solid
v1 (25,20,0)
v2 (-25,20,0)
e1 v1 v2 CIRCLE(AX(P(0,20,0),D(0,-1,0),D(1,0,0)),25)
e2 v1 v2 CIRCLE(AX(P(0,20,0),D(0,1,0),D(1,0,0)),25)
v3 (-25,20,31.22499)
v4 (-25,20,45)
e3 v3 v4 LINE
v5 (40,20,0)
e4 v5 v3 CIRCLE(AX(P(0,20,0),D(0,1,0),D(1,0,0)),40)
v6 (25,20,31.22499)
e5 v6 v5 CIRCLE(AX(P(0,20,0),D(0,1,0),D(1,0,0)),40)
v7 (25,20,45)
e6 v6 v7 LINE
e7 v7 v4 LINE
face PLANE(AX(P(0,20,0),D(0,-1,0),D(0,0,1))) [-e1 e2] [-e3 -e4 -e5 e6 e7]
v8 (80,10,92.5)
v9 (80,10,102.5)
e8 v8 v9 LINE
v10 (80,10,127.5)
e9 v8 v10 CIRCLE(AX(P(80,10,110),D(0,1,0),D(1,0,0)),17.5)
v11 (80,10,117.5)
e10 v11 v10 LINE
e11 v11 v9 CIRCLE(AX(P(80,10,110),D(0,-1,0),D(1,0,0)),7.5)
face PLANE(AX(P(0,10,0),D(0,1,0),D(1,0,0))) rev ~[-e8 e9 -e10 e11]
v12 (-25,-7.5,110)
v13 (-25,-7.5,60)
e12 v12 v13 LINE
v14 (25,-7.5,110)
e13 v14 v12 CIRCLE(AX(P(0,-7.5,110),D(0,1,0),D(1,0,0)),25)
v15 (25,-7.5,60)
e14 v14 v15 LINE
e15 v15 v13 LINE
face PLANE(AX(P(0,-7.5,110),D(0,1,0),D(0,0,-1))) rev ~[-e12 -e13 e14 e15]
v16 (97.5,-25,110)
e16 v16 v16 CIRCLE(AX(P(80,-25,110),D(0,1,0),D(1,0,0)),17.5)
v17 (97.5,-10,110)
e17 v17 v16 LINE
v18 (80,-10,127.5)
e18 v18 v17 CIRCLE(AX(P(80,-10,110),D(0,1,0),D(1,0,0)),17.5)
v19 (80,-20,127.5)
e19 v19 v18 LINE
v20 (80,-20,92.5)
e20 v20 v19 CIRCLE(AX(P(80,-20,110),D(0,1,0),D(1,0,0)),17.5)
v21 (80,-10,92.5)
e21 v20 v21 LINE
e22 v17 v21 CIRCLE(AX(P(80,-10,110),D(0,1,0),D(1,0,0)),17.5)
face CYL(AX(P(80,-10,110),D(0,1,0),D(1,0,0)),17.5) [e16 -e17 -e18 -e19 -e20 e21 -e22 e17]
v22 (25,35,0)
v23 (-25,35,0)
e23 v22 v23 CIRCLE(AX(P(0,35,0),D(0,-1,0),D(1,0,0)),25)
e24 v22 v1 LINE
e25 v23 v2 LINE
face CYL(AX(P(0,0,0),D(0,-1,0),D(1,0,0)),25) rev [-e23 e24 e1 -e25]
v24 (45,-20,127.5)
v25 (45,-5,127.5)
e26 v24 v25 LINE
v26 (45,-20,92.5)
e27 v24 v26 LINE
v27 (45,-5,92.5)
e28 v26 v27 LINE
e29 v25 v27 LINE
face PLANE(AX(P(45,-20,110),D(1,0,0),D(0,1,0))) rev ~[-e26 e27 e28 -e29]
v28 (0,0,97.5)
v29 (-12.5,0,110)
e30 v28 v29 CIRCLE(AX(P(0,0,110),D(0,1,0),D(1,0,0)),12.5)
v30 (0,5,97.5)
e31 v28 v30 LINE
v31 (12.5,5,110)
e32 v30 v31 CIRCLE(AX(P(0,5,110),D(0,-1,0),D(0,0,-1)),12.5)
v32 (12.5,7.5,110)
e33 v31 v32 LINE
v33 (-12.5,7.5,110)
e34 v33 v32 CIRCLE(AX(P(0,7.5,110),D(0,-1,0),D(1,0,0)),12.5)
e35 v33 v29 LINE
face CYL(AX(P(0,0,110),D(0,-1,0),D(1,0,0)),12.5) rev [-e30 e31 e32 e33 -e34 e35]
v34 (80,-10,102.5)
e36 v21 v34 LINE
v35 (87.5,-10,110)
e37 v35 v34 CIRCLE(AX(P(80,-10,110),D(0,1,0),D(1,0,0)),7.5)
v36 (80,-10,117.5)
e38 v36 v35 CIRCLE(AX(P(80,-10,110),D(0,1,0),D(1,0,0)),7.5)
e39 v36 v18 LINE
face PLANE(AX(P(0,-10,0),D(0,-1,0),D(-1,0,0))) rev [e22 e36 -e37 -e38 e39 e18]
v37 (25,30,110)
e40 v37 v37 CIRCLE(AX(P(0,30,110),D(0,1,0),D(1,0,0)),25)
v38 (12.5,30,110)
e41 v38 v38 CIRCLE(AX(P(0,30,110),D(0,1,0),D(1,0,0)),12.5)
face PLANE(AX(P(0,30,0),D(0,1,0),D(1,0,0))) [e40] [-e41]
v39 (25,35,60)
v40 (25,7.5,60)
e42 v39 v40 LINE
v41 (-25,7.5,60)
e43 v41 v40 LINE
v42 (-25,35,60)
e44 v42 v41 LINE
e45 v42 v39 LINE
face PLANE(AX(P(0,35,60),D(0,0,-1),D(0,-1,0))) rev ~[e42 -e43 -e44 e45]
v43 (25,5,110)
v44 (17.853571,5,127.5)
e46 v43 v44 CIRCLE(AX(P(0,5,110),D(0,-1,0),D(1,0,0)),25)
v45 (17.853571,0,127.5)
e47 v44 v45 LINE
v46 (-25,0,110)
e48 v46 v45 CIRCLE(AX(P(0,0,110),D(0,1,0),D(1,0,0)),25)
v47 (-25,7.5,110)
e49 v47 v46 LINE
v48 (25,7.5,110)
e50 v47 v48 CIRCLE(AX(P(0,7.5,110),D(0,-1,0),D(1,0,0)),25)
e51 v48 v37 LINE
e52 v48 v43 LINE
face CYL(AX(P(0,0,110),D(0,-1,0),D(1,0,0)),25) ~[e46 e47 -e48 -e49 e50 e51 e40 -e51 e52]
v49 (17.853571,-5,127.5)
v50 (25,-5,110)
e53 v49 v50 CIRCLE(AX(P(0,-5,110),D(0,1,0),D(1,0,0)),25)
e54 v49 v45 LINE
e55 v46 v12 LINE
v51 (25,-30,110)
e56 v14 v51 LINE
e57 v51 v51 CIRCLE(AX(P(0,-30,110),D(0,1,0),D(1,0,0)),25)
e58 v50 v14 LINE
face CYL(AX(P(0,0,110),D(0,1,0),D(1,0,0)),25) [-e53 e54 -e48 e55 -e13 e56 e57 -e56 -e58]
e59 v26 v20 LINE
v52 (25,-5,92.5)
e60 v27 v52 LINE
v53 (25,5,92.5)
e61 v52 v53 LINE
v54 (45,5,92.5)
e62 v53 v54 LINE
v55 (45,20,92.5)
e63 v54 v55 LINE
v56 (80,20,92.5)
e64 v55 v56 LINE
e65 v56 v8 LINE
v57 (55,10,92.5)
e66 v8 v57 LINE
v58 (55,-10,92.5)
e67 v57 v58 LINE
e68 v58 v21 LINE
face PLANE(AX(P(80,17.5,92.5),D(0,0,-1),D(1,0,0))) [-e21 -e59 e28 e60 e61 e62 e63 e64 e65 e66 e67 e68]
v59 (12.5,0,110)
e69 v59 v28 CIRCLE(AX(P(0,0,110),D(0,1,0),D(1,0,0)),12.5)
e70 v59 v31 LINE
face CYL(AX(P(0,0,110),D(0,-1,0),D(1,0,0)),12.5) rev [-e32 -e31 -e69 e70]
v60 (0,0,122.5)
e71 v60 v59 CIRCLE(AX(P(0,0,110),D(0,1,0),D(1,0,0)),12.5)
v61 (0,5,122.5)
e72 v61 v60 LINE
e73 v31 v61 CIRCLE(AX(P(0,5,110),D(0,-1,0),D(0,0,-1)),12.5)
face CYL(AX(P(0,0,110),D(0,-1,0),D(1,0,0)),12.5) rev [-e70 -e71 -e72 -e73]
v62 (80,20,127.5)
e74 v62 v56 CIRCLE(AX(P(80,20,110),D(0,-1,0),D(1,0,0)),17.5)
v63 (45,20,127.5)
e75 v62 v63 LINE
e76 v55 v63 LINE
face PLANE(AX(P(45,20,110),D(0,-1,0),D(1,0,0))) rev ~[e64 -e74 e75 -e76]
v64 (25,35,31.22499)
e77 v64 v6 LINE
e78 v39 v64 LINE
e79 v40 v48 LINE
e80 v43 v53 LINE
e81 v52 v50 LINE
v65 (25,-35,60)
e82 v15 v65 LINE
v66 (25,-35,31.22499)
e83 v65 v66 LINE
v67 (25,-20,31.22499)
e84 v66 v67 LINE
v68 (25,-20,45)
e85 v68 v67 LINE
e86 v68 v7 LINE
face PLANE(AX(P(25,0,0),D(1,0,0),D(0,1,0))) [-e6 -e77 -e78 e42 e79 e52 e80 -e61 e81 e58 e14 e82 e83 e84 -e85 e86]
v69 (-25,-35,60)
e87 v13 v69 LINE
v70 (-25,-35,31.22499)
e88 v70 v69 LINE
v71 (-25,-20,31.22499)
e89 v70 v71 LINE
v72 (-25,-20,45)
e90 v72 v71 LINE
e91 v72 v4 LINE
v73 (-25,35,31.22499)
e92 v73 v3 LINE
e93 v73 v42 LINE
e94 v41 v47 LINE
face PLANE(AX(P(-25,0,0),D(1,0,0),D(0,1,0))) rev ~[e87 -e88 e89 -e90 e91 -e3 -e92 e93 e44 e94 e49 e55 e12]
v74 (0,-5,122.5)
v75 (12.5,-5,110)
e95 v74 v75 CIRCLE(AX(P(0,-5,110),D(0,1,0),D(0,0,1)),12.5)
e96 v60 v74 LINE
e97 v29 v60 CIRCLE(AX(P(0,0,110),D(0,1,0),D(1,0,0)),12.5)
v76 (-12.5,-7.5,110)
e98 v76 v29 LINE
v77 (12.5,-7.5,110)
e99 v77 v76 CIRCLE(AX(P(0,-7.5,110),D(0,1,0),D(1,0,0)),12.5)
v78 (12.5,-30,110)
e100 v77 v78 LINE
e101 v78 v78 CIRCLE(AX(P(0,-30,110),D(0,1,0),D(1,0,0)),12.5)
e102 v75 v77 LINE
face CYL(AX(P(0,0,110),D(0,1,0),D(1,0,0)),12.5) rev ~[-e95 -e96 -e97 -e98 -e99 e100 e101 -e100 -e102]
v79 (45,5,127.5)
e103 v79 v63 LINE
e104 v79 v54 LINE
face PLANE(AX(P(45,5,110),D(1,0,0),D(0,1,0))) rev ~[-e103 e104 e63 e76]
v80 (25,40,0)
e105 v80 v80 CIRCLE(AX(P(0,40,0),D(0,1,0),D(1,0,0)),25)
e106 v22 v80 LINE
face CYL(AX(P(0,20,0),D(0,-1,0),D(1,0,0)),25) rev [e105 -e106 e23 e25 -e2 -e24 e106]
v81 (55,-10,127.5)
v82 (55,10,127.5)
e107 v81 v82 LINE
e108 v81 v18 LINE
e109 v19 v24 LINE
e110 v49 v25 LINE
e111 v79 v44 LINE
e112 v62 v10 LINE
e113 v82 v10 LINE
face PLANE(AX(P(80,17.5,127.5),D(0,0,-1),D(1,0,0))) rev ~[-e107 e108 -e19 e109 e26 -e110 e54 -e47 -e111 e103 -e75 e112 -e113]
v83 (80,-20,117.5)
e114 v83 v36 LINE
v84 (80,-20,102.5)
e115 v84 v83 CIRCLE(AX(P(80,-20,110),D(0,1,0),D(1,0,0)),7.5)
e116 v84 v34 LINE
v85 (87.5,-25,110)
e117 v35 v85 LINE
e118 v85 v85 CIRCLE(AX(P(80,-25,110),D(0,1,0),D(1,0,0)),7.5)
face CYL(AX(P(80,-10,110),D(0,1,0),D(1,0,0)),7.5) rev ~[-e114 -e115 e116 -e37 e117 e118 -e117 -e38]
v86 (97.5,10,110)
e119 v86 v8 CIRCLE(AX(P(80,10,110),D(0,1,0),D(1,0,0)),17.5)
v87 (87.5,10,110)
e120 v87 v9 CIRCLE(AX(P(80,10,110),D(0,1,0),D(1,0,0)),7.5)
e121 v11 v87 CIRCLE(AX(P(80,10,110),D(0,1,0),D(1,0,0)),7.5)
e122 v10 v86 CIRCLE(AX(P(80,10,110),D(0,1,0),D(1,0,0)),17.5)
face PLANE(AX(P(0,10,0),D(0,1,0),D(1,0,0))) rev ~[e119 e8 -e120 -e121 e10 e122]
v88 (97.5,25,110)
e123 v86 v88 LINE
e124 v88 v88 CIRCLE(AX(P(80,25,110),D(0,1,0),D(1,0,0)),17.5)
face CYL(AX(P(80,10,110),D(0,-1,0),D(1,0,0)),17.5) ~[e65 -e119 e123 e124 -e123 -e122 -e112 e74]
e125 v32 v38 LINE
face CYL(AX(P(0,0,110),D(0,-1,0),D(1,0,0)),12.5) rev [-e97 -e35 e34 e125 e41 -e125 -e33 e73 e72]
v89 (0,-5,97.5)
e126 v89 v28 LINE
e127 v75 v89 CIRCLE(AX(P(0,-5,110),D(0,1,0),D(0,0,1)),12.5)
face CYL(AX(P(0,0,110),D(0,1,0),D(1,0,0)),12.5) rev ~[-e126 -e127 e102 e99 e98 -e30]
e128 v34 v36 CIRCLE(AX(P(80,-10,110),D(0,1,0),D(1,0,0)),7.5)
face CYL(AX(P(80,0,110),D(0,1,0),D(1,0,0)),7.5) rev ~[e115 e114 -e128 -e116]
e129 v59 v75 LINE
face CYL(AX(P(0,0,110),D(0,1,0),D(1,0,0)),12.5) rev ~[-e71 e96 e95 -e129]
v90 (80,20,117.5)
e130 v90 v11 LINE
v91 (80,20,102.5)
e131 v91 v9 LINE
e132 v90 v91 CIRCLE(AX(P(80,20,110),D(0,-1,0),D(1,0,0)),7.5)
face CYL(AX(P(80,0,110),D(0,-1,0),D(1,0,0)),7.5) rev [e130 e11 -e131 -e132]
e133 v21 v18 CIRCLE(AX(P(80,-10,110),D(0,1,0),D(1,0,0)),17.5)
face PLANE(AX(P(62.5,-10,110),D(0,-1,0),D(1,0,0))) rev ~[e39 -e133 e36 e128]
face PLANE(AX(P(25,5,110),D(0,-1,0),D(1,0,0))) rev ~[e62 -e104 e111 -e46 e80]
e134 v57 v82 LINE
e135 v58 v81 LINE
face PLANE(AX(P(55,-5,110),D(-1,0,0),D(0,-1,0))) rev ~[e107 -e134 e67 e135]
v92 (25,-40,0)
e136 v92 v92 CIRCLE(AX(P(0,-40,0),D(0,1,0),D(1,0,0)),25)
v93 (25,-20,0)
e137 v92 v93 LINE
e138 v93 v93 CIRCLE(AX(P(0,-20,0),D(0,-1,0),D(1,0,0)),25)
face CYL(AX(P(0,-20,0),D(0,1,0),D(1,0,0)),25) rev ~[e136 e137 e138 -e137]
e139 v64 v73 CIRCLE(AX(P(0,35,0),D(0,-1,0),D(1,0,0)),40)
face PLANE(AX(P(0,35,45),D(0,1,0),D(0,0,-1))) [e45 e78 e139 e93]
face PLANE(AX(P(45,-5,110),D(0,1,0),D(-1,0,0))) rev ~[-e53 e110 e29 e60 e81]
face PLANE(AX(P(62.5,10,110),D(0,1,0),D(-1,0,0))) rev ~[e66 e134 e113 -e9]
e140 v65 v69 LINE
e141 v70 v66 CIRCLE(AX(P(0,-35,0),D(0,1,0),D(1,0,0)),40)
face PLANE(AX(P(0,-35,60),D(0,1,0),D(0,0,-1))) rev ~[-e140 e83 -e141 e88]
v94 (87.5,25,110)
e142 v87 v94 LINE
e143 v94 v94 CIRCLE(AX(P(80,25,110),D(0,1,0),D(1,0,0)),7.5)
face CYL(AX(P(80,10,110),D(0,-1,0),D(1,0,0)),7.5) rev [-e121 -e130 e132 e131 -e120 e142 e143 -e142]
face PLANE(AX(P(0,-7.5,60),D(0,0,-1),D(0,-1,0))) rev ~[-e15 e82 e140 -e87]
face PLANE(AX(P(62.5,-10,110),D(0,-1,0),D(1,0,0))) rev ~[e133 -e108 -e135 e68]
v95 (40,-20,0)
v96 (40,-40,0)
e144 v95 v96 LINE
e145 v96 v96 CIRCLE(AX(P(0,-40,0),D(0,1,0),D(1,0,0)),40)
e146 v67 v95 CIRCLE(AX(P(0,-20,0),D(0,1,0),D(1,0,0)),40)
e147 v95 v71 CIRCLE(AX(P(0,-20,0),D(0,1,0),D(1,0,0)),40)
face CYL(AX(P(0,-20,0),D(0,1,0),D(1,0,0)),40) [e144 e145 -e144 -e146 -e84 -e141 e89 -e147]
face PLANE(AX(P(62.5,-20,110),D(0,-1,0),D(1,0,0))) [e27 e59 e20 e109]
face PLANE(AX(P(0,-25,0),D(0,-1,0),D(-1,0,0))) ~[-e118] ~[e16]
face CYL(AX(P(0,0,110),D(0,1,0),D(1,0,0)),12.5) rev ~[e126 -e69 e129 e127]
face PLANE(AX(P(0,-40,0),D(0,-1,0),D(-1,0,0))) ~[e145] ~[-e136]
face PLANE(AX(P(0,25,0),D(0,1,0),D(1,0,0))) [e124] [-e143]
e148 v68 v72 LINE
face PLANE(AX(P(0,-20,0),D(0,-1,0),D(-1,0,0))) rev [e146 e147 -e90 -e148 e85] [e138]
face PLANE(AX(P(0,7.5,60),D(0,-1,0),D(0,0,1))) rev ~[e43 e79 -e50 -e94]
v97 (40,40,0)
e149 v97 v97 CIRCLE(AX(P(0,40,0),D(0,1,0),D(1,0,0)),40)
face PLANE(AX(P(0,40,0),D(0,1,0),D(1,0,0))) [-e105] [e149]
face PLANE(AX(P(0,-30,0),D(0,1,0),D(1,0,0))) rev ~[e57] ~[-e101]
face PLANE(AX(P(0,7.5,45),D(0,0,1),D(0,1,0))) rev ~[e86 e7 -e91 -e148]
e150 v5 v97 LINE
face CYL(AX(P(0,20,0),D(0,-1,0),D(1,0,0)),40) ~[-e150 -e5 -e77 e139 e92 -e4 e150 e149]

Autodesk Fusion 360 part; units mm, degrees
sketch "Sketch1" plane through (0, 0, 0) normal (0, 1, 0) x (1, 0, 0)
  circle A0 centre (0, 0) radius 25
  circle A1 centre (0, 0) radius 40
  circle A2 centre (0, -110) radius 12.5
  circle A3 centre (0, -110) radius 25
  dimension "d1" = 50
  dimension "d2" = 80
  dimension "d3" = 25
  dimension "d4" = 50
  dimension "d5" = 110
extrude "Extrude1" add sketch "Sketch1" along normal blind 20 from surface at 20 contours A1 makes body 1
sketch "Sketch2" plane through (0, 0, 0) normal (0, 1, 0) x (1, 0, 0)
  circle A0 centre (80, -110) radius 7.5
  circle A1 centre (80, -110) radius 17.5
  point P0 (0, -110)
  dimension "d12" = 15
  dimension "d13" = 35
  dimension "d14" = 80
extrude "Extrude2" add sketch "Sketch2" along normal blind 15 from surface at 10 separate body makes body 2
extrude "Extrude3" add sketch "Sketch1" along normal mid plane 60 separate body contours A3 makes body 3
mirror "Mirror1" about plane through (0, 0, 0) normal (0, 1, 0) of bodies 2 1 makes body 4 at (39.9503, -33.3333, 1.9938) makes body 5 at (97.413, -20, 111.7424)
sketch "Sketch3" plane through (0, 0, 0) normal (1, 0, 0) x (0, 1, 0)
  line L0 (35, 0) -> (20, 0)
  line L1 (20, 0) -> (20, 45)
  line L2 (20, 45) -> (35, 45)
  line L3 (35, 45) -> (35, 0)
  line L4 (-20, 0) -> (-35, 0)
  line L5 (-35, 0) -> (-35, 45)
  line L6 (-35, 45) -> (-20, 45)
  line L7 (-20, 45) -> (-20, 0)
  line L8 (-35, 45) -> (35, 45)
  line L9 (35, 45) -> (35, 60)
  line L10 (35, 60) -> (-35, 60)
  line L11 (-35, 60) -> (-35, 45)
  line L12 (-7.5, 45) -> (7.5, 45)
  line L13 (7.5, 45) -> (7.5, 110)
  line L14 (7.5, 110) -> (-7.5, 110)
  line L15 (-7.5, 110) -> (-7.5, 45)
  dimension "d22" = 15
  dimension "d23" = 45
  dimension "d24" = 15
  dimension "d25" = 45
  dimension "d26" = 15
  dimension "d27" = 15
  dimension "d28" = 65
  dimension "d29" = 27.5
  dimension "d30" = 27.5
extrude "Extrude4" add sketch "Sketch3" along normal mid plane 50 separate body makes body 6
extrude "Extrude5" cut sketch "Sketch1" along normal mid plane 160 contours A0 | A2 bodies 6
ref_plane "WorkPlane1" through (80, 17.5, 110) normal (0, 0, -1) x (0, 1, 0)
sketch "Sketch4" plane through (80, 17.5, 110) normal (0, 0, -1) x (1, 0, 0)
  line L0 (-17.5, 42.5) -> (17.5, 42.5)
  line L1 (-17.5, 27.5) -> (17.5, 27.5)
  line L2 (-17.5, 42.5) -> (-17.5, 27.5)
  line L3 (17.5, 42.5) -> (17.5, 27.5)
  line L4 (-17.5, -7.5) -> (17.5, -7.5)
  line L5 (-17.5, 7.5) -> (17.5, 7.5)
  line L6 (-17.5, 7.5) -> (-17.5, -7.5)
  line L7 (17.5, 7.5) -> (17.5, -7.5)
  line L8 (-55, 47.5) -> (-105, 47.5)
  line L9 (-105, -12.5) -> (-55, -12.5)
  line L10 (-105, 47.5) -> (-105, -12.5)
  line L11 (-55, 47.5) -> (-55, -12.5)
  line L12 (0, 7.5) -> (-25, 7.5)
  line L13 (-25, 7.5) -> (-25, -2.5)
  line L14 (-25, -2.5) -> (0, -2.5)
  line L15 (0, -2.5) -> (0, 7.5)
  line L16 (0, 27.5) -> (-25, 27.5)
  line L17 (-25, 27.5) -> (-25, 37.5)
  line L18 (-25, 37.5) -> (0, 37.5)
  line L19 (0, 37.5) -> (0, 27.5)
  line L20 (-25, 37.5) -> (-35, 37.5)
  line L21 (-35, 37.5) -> (-35, -2.5)
  line L22 (-35, -2.5) -> (-25, -2.5)
  line L23 (-25, -2.5) -> (-25, 37.5)
  line L24 (-25, 22.5) -> (-80, 22.5)
  line L25 (-80, 22.5) -> (-80, 12.5)
  line L26 (-80, 12.5) -> (-25, 12.5)
  line L27 (-25, 12.5) -> (-25, 22.5)
  dimension "d36" = 25
  dimension "d37" = 10
  dimension "d38" = 25
  dimension "d39" = 10
  dimension "d40" = 40
  dimension "d41" = 55
  dimension "d42" = 10
  dimension "d43" = 15
  dimension "d44" = 15
extrude "Extrude6" add sketch "Sketch4" along normal mid plane 35 separate body contours L1 L2 L16 L18 L19 | L2 L16 L17 L18 L23 | L17 L20 L21 L23 L24 | L21 L23 L24 L26 L27 | L11 L21 L24 L26 | L13 L21 L22 L23 L26 | L11 L24 L25 L26 | L6 L12 L13 L14 L23 | L5 L6 L12 L14 L15 makes body 7
extrude "Extrude7" cut sketch "Sketch1" sketch "Sketch2" along normal blind 225 contours A2 of sketch 2 contours A0 bodies 7
extrude "Extrude8" cut sketch "Sketch1" along normal mid plane 390 contours A2 bodies 7
extrude "Extrude9" cut sketch "Sketch2" along normal mid plane 100 contours A0 bodies 7
combine "Combine1" operation add target body 6 tool bodies 5 3 2 1 7 4
